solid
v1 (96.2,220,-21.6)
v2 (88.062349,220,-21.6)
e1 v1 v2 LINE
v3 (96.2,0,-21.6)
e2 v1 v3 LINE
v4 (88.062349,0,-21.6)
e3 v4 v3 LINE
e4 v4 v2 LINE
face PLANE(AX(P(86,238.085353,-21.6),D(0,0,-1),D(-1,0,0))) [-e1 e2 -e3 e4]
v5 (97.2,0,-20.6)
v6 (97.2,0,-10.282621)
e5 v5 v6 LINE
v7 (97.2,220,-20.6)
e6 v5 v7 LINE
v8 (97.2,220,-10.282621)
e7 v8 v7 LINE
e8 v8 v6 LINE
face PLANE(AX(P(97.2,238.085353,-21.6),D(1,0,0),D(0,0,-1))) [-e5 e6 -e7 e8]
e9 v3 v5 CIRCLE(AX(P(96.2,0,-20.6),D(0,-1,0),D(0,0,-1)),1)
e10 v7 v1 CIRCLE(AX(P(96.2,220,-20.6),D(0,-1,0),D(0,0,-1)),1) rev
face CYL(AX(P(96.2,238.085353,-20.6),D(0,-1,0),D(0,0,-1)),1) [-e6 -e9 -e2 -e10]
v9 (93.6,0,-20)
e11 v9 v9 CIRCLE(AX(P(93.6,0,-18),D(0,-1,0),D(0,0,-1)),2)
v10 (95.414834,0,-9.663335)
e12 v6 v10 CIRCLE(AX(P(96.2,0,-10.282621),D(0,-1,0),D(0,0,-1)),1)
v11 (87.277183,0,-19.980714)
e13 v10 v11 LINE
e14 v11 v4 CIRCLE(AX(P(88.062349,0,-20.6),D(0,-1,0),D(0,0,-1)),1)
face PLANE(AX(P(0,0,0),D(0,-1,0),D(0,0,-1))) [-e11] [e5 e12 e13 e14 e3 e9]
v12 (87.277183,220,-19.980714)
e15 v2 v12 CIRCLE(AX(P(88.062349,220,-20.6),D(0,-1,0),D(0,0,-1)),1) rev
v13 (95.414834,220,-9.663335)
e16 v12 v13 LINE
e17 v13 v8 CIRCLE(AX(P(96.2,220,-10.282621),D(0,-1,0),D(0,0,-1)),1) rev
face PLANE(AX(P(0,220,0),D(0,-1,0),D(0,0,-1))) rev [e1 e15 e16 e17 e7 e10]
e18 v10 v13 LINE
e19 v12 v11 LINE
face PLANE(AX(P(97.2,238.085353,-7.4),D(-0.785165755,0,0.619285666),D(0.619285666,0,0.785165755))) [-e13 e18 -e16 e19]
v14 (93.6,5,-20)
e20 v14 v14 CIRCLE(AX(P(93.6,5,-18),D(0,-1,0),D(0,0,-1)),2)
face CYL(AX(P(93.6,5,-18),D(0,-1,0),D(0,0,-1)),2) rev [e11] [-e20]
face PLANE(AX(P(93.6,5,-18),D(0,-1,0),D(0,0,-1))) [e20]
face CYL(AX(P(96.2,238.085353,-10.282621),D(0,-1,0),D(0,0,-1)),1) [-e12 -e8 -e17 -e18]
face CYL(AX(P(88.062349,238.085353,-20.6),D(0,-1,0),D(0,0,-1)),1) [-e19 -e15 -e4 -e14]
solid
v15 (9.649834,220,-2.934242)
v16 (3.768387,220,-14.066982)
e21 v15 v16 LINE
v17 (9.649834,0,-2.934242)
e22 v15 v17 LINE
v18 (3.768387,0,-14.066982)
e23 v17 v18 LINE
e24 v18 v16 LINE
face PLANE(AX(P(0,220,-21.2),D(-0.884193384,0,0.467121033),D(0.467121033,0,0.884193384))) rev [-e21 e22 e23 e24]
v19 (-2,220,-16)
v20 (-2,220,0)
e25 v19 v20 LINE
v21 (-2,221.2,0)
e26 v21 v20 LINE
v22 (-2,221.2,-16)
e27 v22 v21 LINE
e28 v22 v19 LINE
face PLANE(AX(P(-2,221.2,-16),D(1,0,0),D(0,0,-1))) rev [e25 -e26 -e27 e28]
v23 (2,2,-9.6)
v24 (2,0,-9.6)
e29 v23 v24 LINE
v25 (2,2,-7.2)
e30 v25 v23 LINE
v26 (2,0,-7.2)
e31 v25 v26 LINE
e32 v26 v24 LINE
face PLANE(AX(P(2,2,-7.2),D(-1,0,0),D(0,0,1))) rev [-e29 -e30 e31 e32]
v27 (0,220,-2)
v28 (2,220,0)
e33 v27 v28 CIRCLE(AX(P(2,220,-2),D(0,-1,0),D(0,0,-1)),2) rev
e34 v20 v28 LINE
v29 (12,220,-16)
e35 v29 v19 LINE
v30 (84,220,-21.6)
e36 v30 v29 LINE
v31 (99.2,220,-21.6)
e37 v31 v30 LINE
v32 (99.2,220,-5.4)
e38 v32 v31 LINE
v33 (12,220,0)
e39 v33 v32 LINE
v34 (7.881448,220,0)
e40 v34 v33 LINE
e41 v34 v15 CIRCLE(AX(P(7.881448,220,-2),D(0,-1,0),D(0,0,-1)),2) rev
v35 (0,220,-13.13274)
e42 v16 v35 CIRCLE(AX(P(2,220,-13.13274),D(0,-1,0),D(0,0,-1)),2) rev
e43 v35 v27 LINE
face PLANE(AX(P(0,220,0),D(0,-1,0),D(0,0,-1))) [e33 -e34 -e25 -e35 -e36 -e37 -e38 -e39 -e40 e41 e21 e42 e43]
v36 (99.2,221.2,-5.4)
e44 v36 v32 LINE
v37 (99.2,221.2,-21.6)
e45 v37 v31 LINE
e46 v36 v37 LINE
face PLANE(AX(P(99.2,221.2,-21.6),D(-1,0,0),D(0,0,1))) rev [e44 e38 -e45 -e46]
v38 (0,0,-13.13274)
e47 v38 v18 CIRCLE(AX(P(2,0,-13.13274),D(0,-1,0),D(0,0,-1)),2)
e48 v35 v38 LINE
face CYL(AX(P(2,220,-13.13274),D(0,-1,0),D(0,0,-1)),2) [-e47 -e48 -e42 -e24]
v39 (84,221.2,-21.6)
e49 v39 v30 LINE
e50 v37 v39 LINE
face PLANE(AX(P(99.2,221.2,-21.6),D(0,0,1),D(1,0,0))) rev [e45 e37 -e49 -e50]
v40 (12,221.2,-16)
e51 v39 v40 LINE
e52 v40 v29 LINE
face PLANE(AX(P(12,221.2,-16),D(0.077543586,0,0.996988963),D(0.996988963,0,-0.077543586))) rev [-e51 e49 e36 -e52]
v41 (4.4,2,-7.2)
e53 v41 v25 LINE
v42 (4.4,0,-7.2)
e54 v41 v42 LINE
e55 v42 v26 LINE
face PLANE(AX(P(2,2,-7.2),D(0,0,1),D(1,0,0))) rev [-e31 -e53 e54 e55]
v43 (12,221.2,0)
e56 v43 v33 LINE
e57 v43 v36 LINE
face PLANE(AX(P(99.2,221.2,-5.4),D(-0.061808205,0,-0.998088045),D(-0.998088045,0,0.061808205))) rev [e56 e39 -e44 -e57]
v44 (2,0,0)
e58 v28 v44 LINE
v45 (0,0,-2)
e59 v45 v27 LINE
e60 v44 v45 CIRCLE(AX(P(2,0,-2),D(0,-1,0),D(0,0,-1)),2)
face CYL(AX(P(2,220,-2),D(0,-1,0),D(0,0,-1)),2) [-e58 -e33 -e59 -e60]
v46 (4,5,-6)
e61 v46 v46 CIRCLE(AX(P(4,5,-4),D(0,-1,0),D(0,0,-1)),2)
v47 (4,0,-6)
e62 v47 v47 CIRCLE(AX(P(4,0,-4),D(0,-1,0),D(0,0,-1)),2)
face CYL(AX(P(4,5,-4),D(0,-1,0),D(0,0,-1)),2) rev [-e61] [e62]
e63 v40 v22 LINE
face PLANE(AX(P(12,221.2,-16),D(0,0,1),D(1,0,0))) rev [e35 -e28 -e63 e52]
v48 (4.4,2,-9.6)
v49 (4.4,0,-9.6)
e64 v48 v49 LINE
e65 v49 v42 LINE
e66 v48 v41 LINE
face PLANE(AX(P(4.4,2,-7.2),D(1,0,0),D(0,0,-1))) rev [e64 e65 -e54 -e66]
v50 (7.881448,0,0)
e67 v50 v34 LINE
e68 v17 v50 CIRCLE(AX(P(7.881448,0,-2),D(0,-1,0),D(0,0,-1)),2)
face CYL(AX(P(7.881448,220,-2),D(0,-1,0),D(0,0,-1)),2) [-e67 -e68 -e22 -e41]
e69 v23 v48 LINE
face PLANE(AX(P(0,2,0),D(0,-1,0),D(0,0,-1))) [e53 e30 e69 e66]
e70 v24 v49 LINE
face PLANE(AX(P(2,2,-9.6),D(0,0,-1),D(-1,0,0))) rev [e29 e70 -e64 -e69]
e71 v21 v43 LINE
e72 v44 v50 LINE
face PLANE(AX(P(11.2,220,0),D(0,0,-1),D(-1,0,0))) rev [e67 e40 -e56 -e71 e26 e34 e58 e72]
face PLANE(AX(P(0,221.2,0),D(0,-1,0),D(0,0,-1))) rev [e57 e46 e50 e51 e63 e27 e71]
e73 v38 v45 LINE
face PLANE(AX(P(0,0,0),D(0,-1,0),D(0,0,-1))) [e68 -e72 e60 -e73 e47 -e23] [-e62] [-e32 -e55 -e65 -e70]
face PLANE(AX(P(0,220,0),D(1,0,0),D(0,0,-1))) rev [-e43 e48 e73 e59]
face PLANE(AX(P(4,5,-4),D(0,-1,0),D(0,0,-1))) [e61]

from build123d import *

# Parameters (mm, degrees)
BOSS_EXTRUDE1_DEPTH = 220
FILLET1_R           = 2
BOSS_EXTRUDE5_DEPTH = 220
SKETCH3_R           = 2
CUT_EXTRUDE1_DEPTH  = 5
SKETCH4_W           = 2.4
SKETCH4_H           = 2.4
CUT_EXTRUDE2_DEPTH  = 2
BOSS_EXTRUDE4_DEPTH = 1.2
FILLET2_R           = 1


with BuildPart() as part:
    # Sketch1 → Boss-Extrude1 (new body)
    with BuildSketch(Plane(origin=(0, 0, 0), x_dir=(1, 0, 0), z_dir=(0, 1, 0))):
        Polygon((0, 0), (0, 21.2), (11.2, 0), align=None)
    extrude(amount=BOSS_EXTRUDE1_DEPTH)

    # Fillet1
    fillet1_edges = [part.edges().sort_by_distance(p)[0] for p in [
        (0, 110, 0),
        (0, 110, -21.2),
        (11.2, 110, 0),
    ]]
    fillet(fillet1_edges, radius=FILLET1_R)


with BuildPart() as body_2:
    # Sketch5 → Boss-Extrude5 (new body)
    with BuildSketch(Plane.XZ):
        Polygon((86, -21.6), (97.2, -21.6), (97.2, -7.4), align=None)
    extrude(amount=-BOSS_EXTRUDE5_DEPTH)


with BuildPart() as cut_extrude1_tool:
    # Sketch3 → Cut-Extrude1 (new body)
    with BuildSketch(Plane.XZ):
        with Locations((4, -4)):
            Circle(SKETCH3_R)
        with Locations((93.6, -18)):
            Circle(SKETCH3_R)
    extrude(amount=-CUT_EXTRUDE1_DEPTH)


with BuildPart() as part_1:
    add(part.part)

    # Cut-Extrude1: cut by cut_extrude1_tool
    add(cut_extrude1_tool.part, mode=Mode.SUBTRACT)

    # Sketch4 → Cut-Extrude2 (cut)
    with BuildSketch(Plane.XZ):
        with Locations((3.2, -8.4)):
            Rectangle(SKETCH4_W, SKETCH4_H)
    extrude(amount=-CUT_EXTRUDE2_DEPTH, mode=Mode.SUBTRACT)

    # Sketch6 → Boss-Extrude4 (add)
    with BuildSketch(Plane(origin=(0, 220, 0), x_dir=(1, 0, 0), z_dir=(0, 1, 0))):
        Polygon((99.2, 21.6), (84, 21.6), (12, 16), (-2, 16), (-2, 0), (12, 0), (99.2, 5.4), align=None)
    extrude(amount=BOSS_EXTRUDE4_DEPTH)


with BuildPart() as body_2_1:
    add(body_2.part)

    # Cut-Extrude1: cut by cut_extrude1_tool
    add(cut_extrude1_tool.part, mode=Mode.SUBTRACT)

    # Fillet2
    fillet2_edges = [body_2_1.edges().sort_by_distance(p)[0] for p in [
        (97.2, 110, -7.4),
        (86, 110, -21.6),
        (97.2, 110, -21.6),
    ]]
    fillet(fillet2_edges, radius=FILLET2_R)


solid = Compound([part_1.part, body_2_1.part])
